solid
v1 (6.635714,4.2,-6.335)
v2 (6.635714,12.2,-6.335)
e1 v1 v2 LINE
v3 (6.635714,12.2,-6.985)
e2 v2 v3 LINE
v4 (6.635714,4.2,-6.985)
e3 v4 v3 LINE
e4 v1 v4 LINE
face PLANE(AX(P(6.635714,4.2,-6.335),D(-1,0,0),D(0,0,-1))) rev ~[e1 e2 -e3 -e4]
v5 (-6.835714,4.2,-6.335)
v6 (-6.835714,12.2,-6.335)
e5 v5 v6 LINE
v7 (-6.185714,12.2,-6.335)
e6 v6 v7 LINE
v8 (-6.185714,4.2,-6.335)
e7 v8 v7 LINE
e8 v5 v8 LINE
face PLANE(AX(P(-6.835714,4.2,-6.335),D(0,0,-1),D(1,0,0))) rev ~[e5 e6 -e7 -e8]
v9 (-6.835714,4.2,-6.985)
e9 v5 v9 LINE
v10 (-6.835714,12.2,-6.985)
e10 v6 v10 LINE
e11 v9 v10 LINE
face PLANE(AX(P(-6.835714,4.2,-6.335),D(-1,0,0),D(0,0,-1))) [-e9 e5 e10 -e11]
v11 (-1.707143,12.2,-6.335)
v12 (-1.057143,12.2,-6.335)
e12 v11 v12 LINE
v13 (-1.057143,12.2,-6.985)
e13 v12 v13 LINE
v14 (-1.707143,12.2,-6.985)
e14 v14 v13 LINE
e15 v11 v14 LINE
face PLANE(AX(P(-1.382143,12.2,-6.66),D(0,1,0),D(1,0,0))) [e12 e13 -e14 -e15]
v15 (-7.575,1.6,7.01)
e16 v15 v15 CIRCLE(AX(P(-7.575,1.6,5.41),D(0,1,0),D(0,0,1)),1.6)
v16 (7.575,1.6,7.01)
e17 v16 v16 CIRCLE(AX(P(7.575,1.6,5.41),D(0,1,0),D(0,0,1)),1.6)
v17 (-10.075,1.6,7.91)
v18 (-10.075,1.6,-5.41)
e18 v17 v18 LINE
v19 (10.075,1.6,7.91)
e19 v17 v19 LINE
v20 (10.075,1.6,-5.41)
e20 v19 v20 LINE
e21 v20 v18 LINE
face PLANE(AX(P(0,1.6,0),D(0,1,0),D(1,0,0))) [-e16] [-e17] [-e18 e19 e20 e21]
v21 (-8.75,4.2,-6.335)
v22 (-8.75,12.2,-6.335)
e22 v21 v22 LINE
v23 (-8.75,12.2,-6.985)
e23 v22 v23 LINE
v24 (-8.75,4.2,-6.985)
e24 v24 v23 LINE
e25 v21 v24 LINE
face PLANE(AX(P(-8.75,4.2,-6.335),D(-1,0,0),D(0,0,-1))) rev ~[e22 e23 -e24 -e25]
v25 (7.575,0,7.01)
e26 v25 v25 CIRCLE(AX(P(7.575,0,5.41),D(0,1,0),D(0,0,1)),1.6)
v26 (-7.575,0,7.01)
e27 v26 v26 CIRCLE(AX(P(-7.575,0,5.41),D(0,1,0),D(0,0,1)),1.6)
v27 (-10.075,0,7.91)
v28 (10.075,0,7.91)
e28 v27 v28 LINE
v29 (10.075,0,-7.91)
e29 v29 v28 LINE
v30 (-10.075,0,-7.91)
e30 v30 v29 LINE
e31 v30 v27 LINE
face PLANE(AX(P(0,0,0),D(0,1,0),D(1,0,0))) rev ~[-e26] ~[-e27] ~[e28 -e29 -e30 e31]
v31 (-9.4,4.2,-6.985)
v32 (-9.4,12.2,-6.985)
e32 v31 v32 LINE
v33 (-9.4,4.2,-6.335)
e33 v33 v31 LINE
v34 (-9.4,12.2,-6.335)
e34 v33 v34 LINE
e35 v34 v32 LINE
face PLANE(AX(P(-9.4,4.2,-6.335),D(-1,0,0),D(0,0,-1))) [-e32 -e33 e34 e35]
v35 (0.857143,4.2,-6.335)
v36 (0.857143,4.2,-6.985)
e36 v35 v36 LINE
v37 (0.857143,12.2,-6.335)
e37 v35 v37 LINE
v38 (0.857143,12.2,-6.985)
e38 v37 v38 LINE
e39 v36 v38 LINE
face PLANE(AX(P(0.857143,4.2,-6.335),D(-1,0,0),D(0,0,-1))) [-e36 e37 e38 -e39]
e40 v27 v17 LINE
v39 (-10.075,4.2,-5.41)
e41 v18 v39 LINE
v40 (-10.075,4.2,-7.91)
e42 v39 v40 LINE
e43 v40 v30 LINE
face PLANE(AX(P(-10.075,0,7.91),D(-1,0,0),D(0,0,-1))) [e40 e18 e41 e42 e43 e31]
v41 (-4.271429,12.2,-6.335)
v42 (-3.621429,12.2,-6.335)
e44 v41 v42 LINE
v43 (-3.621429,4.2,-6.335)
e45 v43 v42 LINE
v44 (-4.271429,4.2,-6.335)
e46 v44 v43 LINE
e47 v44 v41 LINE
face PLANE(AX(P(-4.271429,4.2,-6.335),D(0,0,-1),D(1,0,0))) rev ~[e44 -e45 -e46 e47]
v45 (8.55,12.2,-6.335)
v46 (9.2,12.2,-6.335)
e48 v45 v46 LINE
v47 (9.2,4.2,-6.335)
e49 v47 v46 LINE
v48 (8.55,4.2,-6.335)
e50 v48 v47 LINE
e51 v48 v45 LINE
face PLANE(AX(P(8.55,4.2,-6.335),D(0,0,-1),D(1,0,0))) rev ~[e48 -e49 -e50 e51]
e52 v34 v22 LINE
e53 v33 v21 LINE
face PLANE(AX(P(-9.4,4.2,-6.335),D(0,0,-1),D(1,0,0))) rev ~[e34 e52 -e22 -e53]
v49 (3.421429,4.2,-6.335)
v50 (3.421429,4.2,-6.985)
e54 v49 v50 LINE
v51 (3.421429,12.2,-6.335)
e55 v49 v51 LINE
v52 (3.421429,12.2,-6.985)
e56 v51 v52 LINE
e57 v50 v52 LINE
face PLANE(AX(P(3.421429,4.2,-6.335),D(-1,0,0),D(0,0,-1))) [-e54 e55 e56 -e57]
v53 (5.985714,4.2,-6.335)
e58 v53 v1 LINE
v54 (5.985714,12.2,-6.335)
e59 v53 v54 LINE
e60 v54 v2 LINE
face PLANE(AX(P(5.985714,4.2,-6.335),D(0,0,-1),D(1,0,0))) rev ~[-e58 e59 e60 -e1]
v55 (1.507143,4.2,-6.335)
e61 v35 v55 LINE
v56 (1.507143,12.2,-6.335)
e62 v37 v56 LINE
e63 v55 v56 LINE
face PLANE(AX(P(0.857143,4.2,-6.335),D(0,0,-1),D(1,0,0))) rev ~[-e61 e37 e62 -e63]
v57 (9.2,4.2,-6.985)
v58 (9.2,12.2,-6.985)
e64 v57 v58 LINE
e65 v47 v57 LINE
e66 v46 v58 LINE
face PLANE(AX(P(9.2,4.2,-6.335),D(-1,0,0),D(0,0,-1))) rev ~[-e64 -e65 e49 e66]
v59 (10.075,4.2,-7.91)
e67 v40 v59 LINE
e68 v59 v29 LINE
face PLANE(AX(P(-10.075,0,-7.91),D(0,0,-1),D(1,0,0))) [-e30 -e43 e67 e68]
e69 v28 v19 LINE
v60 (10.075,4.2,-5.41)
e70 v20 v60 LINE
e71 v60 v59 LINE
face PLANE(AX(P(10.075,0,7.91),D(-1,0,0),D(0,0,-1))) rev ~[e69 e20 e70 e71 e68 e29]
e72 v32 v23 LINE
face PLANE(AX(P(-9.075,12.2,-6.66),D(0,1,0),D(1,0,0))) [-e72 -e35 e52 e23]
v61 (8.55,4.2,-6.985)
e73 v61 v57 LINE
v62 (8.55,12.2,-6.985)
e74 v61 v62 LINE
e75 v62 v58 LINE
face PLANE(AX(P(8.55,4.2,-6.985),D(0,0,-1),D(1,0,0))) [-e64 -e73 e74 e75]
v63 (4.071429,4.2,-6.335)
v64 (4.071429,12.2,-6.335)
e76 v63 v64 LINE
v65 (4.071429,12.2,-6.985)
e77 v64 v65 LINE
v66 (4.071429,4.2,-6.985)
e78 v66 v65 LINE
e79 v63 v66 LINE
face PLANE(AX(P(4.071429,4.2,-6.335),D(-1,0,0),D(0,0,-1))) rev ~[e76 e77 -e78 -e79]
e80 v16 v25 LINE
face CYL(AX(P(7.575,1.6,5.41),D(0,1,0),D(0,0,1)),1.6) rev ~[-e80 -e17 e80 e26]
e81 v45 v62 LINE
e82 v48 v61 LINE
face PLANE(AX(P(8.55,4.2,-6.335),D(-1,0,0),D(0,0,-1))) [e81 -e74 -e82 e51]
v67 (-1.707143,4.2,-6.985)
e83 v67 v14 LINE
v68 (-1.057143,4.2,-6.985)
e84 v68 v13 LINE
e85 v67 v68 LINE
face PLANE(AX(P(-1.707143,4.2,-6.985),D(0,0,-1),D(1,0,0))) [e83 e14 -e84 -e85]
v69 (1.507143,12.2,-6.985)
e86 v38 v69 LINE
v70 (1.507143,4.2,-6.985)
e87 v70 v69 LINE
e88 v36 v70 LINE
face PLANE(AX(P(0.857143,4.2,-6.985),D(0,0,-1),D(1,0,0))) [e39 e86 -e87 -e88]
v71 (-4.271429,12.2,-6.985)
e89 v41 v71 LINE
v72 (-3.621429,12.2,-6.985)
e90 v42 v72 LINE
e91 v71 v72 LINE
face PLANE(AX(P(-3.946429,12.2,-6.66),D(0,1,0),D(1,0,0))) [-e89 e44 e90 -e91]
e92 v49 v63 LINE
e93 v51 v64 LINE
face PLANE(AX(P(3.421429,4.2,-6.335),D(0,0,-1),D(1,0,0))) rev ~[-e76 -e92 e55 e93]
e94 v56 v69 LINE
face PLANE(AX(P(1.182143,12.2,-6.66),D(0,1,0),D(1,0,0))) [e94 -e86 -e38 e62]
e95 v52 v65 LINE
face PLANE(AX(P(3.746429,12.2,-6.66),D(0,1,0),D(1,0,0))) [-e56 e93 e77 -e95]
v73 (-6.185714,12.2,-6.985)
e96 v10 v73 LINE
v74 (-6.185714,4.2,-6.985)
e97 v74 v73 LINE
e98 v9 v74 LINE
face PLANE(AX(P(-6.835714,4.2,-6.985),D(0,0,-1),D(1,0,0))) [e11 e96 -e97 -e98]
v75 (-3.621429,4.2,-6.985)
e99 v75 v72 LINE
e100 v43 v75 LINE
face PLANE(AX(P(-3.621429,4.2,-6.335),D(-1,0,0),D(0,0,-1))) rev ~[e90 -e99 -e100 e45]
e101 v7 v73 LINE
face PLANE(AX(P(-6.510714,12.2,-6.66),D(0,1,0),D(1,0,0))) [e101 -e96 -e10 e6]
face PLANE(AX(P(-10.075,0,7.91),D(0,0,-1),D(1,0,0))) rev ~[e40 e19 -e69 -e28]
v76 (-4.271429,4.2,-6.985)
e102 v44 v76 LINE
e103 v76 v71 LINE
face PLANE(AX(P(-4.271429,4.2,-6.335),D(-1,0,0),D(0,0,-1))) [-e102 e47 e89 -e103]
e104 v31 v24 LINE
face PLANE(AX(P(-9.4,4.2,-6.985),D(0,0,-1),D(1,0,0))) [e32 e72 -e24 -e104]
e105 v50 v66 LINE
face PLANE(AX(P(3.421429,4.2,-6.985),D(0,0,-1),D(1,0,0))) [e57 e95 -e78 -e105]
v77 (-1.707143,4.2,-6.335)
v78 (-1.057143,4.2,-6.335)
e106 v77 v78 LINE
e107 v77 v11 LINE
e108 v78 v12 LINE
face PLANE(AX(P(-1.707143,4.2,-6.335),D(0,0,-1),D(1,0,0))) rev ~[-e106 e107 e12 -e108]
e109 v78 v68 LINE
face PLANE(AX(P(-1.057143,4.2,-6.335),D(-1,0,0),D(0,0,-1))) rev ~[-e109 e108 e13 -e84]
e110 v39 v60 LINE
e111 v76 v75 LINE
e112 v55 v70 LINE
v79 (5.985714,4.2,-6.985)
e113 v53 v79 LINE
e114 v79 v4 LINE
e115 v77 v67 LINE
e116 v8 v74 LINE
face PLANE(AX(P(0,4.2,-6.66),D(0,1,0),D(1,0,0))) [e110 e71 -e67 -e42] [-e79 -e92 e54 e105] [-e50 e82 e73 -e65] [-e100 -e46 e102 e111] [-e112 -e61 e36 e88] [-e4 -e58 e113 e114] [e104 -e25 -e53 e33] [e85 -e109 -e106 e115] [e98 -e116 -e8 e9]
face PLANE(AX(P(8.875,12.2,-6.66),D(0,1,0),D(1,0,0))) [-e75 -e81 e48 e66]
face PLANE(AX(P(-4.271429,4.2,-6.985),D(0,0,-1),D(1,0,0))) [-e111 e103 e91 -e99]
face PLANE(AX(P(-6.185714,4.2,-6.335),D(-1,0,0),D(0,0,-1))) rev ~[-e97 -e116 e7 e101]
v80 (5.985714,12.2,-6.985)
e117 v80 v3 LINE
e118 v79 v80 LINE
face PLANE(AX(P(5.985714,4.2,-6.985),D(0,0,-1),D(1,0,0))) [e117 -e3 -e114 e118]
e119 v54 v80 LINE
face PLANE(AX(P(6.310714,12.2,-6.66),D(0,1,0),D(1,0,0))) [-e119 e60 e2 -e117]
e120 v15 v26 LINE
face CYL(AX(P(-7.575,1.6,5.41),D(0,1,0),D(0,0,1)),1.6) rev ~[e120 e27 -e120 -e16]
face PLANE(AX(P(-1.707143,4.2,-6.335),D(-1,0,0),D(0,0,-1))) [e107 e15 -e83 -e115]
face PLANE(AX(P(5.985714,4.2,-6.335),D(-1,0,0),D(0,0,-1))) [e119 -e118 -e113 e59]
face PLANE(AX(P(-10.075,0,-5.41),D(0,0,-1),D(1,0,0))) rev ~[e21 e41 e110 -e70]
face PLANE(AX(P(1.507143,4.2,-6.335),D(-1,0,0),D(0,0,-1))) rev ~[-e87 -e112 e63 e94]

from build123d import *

# Parameters (mm, degrees)
SKETCH1_W           = 20.15
SKETCH1_H           = 15.82
BOSS_EXTRUDE1_DEPTH = 1.6
SKETCH2_R           = 1.6
CUT_EXTRUDE1_DEPTH  = 13.908668599
BOSS_EXTRUDE2_START = -1.6
SKETCH3_W           = 20.15
SKETCH3_H           = 2.5
BOSS_EXTRUDE2_DEPTH = 4.2
SKETCH5_W           = 0.65
SKETCH5_H           = 0.65
BOSS_EXTRUDE3_DEPTH = 8
LPATTERN1_COUNT     = 8
LPATTERN1_PITCH     = 2.564285714


with BuildPart() as part:
    # Sketch1 → Boss-Extrude1 (new body)
    with BuildSketch(Plane(origin=(0, 0, 0), x_dir=(1, 0, 0), z_dir=(0, 1, 0))):
        Rectangle(SKETCH1_W, SKETCH1_H)
    extrude(amount=BOSS_EXTRUDE1_DEPTH)

    # Sketch2 → Cut-Extrude1 (cut, through all)
    with BuildSketch(Plane(origin=(0, 1.6, 0), x_dir=(1, 0, 0), z_dir=(0, 1, 0))):
        with Locations(Location((-7.575, -5.41, 0), (0, 0, 270))):
            Circle(SKETCH2_R)
        with Locations(Location((7.575, -5.41, 0), (0, 0, 270))):
            Circle(SKETCH2_R)
    extrude(amount=-CUT_EXTRUDE1_DEPTH, mode=Mode.SUBTRACT)

    # Sketch3 → Boss-Extrude2 (add)
    with BuildSketch(Plane(origin=(0, 1.6, 0), x_dir=(1, 0, 0), z_dir=(0, 1, 0)).offset(BOSS_EXTRUDE2_START)):
        with Locations((0, 6.66)):
            Rectangle(SKETCH3_W, SKETCH3_H)
    extrude(amount=BOSS_EXTRUDE2_DEPTH)

    # Sketch5 → Boss-Extrude3 (add)
    with BuildSketch(Plane(origin=(0, 4.2, 0), x_dir=(1, 0, 0), z_dir=(0, 1, 0))):
        with Locations((-9.075, 6.66)):
            Rectangle(SKETCH5_W, SKETCH5_H)
    boss_extrude3 = extrude(amount=BOSS_EXTRUDE3_DEPTH)

    # LPattern1: Boss-Extrude3 ×8
    with Locations(*[(i * LPATTERN1_PITCH, 0, 0) for i in range(1, LPATTERN1_COUNT)]):
        add(boss_extrude3)


solid = part.part
